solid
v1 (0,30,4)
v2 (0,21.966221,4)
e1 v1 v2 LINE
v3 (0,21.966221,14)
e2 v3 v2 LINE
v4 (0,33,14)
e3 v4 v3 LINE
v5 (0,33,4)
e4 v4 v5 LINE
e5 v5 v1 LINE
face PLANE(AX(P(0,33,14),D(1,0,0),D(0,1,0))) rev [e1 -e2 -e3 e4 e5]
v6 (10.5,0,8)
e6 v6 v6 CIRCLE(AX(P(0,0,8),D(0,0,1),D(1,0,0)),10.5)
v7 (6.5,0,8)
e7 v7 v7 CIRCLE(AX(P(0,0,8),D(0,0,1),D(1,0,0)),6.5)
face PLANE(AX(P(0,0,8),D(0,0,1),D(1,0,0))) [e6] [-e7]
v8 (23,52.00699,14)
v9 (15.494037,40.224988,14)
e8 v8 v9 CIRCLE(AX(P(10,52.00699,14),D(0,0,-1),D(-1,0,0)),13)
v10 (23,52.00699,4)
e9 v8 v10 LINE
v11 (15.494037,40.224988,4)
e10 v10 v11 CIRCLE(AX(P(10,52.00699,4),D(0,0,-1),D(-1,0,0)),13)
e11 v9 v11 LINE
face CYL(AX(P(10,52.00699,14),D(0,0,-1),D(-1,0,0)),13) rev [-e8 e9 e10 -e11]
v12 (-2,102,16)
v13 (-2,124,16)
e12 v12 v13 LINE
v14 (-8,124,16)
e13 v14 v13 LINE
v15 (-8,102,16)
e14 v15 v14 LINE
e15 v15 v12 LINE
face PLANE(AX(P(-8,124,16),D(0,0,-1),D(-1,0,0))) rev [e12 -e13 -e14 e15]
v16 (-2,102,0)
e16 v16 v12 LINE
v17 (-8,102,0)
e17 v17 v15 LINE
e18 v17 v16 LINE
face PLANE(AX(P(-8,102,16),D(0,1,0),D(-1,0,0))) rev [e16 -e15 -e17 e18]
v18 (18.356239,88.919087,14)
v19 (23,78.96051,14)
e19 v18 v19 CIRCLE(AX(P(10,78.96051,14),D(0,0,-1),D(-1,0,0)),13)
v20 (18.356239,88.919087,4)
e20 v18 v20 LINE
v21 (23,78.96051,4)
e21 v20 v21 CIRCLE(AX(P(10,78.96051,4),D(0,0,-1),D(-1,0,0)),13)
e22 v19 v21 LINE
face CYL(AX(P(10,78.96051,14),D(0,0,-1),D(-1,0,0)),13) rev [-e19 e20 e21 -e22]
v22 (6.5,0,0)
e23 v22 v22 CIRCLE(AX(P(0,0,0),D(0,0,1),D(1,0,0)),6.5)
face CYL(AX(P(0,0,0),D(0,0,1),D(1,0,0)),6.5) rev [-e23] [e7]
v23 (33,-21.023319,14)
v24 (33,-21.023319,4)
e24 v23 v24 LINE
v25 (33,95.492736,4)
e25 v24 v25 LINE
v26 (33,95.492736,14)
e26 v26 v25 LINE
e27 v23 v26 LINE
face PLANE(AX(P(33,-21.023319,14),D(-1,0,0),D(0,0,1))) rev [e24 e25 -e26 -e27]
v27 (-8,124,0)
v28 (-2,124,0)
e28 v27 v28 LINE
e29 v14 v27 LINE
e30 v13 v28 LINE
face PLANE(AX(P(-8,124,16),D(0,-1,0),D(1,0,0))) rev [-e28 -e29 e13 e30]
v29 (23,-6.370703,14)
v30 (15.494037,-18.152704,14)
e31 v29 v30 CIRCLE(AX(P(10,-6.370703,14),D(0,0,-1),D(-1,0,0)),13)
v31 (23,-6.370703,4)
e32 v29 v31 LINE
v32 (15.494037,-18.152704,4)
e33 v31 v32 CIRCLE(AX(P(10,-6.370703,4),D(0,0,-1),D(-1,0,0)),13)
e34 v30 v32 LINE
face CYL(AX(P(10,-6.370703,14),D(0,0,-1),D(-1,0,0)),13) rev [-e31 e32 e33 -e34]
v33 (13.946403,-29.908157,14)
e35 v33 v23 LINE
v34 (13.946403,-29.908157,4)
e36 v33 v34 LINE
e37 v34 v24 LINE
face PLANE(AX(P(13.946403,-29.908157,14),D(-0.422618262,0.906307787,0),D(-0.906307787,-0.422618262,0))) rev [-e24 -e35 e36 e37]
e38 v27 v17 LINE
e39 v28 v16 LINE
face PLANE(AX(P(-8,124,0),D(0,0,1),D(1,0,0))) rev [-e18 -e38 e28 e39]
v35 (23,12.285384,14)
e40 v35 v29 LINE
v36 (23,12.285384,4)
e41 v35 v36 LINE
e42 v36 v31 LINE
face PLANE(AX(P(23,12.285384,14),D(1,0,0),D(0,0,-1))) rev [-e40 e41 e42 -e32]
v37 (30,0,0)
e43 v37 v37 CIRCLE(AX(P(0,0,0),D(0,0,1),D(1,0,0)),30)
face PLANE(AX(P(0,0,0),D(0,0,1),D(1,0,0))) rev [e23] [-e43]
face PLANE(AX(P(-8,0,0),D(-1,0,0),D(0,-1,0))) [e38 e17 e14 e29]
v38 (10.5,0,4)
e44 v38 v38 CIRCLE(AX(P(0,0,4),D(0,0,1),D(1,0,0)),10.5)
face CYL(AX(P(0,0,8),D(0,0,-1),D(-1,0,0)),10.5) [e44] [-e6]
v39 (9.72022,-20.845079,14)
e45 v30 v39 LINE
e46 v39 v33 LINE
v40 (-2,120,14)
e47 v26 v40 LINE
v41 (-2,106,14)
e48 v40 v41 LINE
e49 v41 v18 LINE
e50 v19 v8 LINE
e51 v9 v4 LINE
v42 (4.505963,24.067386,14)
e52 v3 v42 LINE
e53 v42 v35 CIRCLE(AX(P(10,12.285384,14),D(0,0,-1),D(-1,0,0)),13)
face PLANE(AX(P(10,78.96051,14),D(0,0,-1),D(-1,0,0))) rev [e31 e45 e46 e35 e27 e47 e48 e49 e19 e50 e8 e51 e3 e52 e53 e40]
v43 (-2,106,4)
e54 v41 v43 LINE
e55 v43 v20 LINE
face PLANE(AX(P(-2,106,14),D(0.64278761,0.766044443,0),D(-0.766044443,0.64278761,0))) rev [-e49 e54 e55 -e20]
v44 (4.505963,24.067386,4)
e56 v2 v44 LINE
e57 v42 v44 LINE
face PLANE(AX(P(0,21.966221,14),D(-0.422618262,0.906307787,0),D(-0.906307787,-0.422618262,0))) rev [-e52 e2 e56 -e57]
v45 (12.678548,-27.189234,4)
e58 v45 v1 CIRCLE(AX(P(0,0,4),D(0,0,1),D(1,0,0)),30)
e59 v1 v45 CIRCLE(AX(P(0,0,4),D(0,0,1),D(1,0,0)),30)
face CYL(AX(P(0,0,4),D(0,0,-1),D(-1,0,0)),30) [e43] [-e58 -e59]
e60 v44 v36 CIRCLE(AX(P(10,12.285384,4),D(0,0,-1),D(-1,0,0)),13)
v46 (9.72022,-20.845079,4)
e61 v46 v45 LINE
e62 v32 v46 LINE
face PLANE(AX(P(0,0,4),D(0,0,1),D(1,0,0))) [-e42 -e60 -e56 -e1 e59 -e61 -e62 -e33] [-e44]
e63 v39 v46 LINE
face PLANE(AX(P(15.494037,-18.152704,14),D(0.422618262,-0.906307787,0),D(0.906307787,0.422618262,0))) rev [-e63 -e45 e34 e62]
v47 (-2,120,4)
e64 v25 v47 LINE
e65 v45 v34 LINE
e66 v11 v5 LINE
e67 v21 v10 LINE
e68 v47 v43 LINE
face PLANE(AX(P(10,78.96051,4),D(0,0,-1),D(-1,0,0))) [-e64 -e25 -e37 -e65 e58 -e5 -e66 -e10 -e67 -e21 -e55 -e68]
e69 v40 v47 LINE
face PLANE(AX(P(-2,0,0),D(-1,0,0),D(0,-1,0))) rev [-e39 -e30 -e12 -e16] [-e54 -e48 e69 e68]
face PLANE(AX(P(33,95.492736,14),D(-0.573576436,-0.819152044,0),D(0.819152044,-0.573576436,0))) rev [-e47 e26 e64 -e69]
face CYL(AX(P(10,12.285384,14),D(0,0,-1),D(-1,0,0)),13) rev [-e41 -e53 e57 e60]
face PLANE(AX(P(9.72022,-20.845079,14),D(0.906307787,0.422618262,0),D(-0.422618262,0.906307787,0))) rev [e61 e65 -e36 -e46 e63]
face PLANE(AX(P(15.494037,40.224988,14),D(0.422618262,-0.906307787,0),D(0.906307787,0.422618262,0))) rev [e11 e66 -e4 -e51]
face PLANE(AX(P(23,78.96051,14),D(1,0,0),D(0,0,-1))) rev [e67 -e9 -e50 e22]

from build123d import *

# Parameters (mm, degrees)
SKETCH1_R               = 30
BOSS_EXTRUDE1_DEPTH     = 4
BOSS_EXTRUDE2_DEPTH     = 10
SKETCH3_W               = 22
SKETCH3_H               = 16
BOSS_EXTRUDE3_DEPTH     = 6
SKETCH5_R               = 10.5
BOSS_EXTRUDE4_DEPTH     = 4
SKETCH7_R               = 6.5
CUT_EXTRUDE3_DEPTH      = 9
CUT_EXTRUDE3_DEPTH_BACK = 9


with BuildPart() as part:
    # Sketch1 → Boss-Extrude1 (new body)
    with BuildSketch(Plane(origin=(0, 0, 0), x_dir=(0, 1, 0), z_dir=(0, 0, 1))):
        Circle(SKETCH1_R)
    extrude(amount=BOSS_EXTRUDE1_DEPTH)

    # Sketch2 → Boss-Extrude2 (add)
    with BuildSketch(Plane.XY.offset(4)):
        with BuildLine():
            Line((9.72022002, -20.845079102), (13.946402637, -29.908156972))
            Line((13.946402637, -29.908156972), (33, -21.023318607))
            Line((33, -21.023318607), (33, 95.492736163))
            Line((33, 95.492736163), (-2, 120))
            Line((-2, 120), (-2, 106))
            Line((-2, 106), (18.356238926, 88.919087425))
            ThreePointArc((18.356238926, 88.919087425), (21.782001231, 84.454547067), (23, 78.960509665))
            Line((23, 78.960509665), (23, 52.006989528))
            ThreePointArc((23, 52.006989528), (20.964088796, 45.02209462), (15.494037403, 40.224988297))
            Line((15.494037403, 40.224988297), (0, 33))
            Line((0, 33), (0, 21.96622081))
            Line((0, 21.96622081), (4.505962597, 24.067385677))
            ThreePointArc((4.505962597, 24.067385677), (16.984894909, 23.249473241), (23, 12.285384445))
            Line((23, 12.285384445), (23, -6.370702608))
            ThreePointArc((23, -6.370702608), (20.964088796, -13.355597517), (15.494037403, -18.15270384))
            Line((15.494037403, -18.15270384), (9.72022002, -20.845079102))
        make_face()
    extrude(amount=BOSS_EXTRUDE2_DEPTH)

    # Sketch3 → Boss-Extrude3 (add)
    with BuildSketch(Plane(origin=(-2, 0, 0), x_dir=(0, -1, 0), z_dir=(-1, 0, 0))):
        with Locations((-113, 8)):
            Rectangle(SKETCH3_W, SKETCH3_H)
    extrude(amount=BOSS_EXTRUDE3_DEPTH)

    # Sketch5 → Boss-Extrude4 (add)
    with BuildSketch(Plane.XY.offset(4)):
        Circle(SKETCH5_R)
    extrude(amount=BOSS_EXTRUDE4_DEPTH)

    # Sketch7 → Cut-Extrude3 (cut, two sides)
    with BuildSketch(Plane.XY.offset(8)) as cut_extrude3_sk:
        Circle(SKETCH7_R)
    extrude(amount=CUT_EXTRUDE3_DEPTH, mode=Mode.SUBTRACT)
    extrude(cut_extrude3_sk.sketch, amount=-CUT_EXTRUDE3_DEPTH_BACK, mode=Mode.SUBTRACT)


solid = part.part
